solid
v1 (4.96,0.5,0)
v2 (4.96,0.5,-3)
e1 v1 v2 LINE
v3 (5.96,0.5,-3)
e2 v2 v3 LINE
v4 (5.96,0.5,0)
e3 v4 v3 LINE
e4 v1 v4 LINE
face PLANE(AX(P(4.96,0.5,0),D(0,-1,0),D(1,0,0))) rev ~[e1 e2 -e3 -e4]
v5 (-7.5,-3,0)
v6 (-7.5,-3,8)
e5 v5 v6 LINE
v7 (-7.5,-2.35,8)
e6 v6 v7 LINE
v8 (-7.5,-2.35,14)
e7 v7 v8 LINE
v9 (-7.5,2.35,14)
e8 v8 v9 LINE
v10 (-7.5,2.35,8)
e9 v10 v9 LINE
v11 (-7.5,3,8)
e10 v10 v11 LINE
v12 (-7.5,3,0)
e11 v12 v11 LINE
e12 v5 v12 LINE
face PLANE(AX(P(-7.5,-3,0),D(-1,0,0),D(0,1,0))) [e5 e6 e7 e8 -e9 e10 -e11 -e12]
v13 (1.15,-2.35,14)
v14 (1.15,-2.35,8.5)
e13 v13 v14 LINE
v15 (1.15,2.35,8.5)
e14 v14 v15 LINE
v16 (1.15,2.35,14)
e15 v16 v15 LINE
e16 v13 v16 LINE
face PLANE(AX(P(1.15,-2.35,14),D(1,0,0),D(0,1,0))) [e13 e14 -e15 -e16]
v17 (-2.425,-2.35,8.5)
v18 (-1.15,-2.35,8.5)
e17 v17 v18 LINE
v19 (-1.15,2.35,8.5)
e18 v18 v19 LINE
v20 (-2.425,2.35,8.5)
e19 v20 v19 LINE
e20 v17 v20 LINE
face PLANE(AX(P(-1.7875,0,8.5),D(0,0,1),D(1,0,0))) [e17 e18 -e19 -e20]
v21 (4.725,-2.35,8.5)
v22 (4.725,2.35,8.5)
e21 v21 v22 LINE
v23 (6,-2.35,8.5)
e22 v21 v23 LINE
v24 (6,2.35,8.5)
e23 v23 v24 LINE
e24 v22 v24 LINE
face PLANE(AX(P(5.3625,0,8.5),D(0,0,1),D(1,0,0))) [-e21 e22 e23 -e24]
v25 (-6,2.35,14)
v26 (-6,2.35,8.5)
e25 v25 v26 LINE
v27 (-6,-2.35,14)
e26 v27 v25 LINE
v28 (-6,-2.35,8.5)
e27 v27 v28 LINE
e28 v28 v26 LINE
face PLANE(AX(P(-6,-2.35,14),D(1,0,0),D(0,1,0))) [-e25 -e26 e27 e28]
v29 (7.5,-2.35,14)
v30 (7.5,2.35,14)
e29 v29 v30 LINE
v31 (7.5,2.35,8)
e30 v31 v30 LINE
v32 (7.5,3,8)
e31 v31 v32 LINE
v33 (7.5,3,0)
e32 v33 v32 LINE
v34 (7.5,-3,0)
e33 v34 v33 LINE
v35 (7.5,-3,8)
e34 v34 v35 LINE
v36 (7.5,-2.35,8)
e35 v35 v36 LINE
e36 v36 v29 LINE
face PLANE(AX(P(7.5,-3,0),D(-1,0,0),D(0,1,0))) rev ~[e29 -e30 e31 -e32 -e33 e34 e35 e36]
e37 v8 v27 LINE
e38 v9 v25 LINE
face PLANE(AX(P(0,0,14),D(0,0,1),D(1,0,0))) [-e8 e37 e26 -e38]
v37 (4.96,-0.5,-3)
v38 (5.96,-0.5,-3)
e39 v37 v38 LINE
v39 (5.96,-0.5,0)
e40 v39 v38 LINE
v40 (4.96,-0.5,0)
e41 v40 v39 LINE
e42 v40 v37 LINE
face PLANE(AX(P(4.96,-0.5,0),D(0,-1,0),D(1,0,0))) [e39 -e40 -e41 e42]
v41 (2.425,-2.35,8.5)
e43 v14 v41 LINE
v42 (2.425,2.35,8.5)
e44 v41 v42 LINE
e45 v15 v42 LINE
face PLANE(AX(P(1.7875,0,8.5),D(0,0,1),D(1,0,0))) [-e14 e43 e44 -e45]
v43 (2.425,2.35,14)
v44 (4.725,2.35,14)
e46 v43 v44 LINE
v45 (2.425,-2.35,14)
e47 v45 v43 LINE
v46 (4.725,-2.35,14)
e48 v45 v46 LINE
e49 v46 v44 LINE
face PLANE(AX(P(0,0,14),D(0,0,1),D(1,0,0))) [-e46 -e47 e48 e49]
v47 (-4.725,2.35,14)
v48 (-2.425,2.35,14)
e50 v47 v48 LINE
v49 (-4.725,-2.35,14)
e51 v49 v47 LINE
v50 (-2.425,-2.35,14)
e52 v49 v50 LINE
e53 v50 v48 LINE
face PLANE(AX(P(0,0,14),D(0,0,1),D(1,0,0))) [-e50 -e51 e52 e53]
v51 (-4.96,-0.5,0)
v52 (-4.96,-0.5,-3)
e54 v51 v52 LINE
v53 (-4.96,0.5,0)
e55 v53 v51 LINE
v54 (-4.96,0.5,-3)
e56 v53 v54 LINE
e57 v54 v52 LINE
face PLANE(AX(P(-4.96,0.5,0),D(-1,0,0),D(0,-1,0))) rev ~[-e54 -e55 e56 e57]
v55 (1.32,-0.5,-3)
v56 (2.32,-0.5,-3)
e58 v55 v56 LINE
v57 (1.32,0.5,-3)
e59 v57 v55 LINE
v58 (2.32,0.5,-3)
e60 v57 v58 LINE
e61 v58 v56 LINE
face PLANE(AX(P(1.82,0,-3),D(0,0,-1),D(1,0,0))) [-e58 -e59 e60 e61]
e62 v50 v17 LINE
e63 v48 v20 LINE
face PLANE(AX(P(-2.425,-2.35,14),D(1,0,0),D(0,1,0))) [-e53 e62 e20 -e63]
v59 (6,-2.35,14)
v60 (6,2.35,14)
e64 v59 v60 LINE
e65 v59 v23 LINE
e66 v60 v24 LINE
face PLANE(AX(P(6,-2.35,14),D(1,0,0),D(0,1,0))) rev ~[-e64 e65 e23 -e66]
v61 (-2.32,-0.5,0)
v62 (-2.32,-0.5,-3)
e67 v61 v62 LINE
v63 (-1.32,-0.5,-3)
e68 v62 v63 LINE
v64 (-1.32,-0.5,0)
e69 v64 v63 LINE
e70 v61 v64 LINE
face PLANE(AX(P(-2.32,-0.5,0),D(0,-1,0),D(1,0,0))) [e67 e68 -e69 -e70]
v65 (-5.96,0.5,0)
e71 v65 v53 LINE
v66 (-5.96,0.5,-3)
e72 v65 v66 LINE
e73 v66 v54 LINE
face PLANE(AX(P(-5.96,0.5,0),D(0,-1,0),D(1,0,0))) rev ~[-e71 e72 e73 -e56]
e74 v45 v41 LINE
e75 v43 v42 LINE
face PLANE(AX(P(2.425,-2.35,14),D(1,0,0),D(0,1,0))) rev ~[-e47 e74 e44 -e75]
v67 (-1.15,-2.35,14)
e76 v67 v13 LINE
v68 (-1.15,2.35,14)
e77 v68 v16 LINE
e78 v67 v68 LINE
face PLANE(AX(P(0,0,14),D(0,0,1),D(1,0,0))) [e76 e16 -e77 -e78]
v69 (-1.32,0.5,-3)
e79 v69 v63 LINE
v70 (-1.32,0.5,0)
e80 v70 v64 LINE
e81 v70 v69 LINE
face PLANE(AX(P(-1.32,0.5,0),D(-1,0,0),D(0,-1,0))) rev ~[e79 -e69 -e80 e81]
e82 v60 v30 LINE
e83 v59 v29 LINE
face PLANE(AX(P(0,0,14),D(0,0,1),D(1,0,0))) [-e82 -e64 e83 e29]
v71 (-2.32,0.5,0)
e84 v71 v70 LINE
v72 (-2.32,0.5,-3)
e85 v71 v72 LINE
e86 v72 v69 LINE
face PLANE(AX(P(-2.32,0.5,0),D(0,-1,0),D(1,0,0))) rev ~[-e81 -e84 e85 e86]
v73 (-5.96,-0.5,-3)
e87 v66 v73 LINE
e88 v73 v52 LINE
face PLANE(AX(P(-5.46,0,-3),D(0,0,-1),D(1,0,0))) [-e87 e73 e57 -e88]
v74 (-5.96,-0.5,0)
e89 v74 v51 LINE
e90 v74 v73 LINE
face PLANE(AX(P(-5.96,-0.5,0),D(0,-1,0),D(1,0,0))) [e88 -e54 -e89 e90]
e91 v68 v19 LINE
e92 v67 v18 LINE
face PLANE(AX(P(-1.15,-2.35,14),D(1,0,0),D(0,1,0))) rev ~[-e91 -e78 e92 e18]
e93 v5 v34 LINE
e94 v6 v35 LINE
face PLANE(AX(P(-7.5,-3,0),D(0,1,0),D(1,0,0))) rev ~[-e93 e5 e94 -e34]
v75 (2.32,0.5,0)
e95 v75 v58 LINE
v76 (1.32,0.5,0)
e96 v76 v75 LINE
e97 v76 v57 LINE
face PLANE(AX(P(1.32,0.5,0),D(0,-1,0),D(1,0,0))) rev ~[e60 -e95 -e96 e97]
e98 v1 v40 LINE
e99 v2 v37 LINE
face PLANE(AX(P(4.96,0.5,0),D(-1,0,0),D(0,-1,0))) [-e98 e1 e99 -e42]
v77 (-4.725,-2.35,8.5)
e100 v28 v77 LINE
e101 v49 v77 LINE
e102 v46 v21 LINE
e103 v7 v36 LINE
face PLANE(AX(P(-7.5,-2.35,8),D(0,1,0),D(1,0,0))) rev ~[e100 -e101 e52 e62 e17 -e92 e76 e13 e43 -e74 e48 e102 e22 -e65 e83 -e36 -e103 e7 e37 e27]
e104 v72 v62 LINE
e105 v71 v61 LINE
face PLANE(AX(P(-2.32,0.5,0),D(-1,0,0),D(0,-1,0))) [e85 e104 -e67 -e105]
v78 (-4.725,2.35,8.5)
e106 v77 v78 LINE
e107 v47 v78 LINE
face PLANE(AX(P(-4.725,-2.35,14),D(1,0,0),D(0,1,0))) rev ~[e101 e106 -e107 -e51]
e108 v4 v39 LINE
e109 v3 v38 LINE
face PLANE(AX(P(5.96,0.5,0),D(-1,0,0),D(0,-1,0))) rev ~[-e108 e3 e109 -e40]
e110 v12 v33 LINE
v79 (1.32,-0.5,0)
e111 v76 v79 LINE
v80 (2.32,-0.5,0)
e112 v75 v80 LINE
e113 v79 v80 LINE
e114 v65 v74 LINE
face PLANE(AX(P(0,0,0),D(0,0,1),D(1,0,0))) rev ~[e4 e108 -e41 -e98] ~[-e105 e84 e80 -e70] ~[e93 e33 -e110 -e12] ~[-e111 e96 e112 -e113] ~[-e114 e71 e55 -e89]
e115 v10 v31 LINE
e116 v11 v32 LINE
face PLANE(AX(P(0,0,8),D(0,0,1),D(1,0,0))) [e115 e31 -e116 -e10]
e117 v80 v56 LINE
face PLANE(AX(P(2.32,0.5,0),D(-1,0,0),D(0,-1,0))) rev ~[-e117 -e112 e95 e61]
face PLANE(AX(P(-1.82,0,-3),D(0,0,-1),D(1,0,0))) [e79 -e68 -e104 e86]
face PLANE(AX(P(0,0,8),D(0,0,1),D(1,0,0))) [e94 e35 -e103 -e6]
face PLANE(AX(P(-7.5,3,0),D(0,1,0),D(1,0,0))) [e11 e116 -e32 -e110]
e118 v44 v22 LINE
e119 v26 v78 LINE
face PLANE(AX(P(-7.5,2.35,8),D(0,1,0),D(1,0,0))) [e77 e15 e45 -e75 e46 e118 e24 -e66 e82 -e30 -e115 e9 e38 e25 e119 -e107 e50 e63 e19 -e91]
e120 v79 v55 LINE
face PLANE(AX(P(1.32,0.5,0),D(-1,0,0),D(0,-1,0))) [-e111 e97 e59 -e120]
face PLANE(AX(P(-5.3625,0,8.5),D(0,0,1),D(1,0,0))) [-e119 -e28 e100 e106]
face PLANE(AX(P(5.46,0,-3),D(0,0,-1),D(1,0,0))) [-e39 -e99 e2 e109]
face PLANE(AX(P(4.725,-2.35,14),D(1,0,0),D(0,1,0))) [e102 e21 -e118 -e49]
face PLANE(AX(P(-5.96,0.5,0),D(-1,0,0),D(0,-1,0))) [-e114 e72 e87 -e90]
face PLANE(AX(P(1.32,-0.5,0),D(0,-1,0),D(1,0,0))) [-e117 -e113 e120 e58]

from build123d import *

# Parameters (mm, degrees)
SKETCH_W     = 15
SKETCH_H     = 6
PAD_DEPTH    = 8
SKETCH001_W  = 15
SKETCH001_H  = 4.7
PAD001_DEPTH = 6
SKETCH003_W  = 1.275
SKETCH003_H  = 4.7
POCKET_DEPTH = 5.5
SKETCH004_W  = 1
SKETCH004_H  = 1
PAD002_DEPTH = 3


with BuildPart() as part:
    # Sketch → Pad (new body)
    with BuildSketch(Plane.XY):
        Rectangle(SKETCH_W, SKETCH_H)
    extrude(amount=PAD_DEPTH)

    # Sketch001 (on Face6 of Pad) → Pad001 (join)
    with BuildSketch(Plane.XY.offset(8)):
        Rectangle(SKETCH001_W, SKETCH001_H)
    extrude(amount=PAD001_DEPTH)

    # Sketch003 (on Face12 of Pad001) → Pocket (cut)
    with BuildSketch(Plane.XY.offset(14)):
        with Locations((1.7875, 0)):
            Rectangle(SKETCH003_W, SKETCH003_H)
        with Locations((5.3625, 0)):
            Rectangle(SKETCH003_W, SKETCH003_H)
        with Locations((-1.7875, 0)):
            Rectangle(SKETCH003_W, SKETCH003_H)
        with Locations((-5.3625, 0)):
            Rectangle(SKETCH003_W, SKETCH003_H)
    extrude(amount=-POCKET_DEPTH, mode=Mode.SUBTRACT)

    # Sketch004 (on Face4 of Pocket) → Pad002 (join)
    with BuildSketch(Plane(origin=(0, 0, 0), x_dir=(1, 0, 0), z_dir=(0, 0, -1))):
        with Locations((-1.82, 0)):
            Rectangle(SKETCH004_W, SKETCH004_H)
        with Locations((-5.46, 0)):
            Rectangle(SKETCH004_W, SKETCH004_H)
        with Locations((1.82, 0)):
            Rectangle(SKETCH004_W, SKETCH004_H)
        with Locations((5.46, 0)):
            Rectangle(SKETCH004_W, SKETCH004_H)
    extrude(amount=PAD002_DEPTH)


solid = part.part
